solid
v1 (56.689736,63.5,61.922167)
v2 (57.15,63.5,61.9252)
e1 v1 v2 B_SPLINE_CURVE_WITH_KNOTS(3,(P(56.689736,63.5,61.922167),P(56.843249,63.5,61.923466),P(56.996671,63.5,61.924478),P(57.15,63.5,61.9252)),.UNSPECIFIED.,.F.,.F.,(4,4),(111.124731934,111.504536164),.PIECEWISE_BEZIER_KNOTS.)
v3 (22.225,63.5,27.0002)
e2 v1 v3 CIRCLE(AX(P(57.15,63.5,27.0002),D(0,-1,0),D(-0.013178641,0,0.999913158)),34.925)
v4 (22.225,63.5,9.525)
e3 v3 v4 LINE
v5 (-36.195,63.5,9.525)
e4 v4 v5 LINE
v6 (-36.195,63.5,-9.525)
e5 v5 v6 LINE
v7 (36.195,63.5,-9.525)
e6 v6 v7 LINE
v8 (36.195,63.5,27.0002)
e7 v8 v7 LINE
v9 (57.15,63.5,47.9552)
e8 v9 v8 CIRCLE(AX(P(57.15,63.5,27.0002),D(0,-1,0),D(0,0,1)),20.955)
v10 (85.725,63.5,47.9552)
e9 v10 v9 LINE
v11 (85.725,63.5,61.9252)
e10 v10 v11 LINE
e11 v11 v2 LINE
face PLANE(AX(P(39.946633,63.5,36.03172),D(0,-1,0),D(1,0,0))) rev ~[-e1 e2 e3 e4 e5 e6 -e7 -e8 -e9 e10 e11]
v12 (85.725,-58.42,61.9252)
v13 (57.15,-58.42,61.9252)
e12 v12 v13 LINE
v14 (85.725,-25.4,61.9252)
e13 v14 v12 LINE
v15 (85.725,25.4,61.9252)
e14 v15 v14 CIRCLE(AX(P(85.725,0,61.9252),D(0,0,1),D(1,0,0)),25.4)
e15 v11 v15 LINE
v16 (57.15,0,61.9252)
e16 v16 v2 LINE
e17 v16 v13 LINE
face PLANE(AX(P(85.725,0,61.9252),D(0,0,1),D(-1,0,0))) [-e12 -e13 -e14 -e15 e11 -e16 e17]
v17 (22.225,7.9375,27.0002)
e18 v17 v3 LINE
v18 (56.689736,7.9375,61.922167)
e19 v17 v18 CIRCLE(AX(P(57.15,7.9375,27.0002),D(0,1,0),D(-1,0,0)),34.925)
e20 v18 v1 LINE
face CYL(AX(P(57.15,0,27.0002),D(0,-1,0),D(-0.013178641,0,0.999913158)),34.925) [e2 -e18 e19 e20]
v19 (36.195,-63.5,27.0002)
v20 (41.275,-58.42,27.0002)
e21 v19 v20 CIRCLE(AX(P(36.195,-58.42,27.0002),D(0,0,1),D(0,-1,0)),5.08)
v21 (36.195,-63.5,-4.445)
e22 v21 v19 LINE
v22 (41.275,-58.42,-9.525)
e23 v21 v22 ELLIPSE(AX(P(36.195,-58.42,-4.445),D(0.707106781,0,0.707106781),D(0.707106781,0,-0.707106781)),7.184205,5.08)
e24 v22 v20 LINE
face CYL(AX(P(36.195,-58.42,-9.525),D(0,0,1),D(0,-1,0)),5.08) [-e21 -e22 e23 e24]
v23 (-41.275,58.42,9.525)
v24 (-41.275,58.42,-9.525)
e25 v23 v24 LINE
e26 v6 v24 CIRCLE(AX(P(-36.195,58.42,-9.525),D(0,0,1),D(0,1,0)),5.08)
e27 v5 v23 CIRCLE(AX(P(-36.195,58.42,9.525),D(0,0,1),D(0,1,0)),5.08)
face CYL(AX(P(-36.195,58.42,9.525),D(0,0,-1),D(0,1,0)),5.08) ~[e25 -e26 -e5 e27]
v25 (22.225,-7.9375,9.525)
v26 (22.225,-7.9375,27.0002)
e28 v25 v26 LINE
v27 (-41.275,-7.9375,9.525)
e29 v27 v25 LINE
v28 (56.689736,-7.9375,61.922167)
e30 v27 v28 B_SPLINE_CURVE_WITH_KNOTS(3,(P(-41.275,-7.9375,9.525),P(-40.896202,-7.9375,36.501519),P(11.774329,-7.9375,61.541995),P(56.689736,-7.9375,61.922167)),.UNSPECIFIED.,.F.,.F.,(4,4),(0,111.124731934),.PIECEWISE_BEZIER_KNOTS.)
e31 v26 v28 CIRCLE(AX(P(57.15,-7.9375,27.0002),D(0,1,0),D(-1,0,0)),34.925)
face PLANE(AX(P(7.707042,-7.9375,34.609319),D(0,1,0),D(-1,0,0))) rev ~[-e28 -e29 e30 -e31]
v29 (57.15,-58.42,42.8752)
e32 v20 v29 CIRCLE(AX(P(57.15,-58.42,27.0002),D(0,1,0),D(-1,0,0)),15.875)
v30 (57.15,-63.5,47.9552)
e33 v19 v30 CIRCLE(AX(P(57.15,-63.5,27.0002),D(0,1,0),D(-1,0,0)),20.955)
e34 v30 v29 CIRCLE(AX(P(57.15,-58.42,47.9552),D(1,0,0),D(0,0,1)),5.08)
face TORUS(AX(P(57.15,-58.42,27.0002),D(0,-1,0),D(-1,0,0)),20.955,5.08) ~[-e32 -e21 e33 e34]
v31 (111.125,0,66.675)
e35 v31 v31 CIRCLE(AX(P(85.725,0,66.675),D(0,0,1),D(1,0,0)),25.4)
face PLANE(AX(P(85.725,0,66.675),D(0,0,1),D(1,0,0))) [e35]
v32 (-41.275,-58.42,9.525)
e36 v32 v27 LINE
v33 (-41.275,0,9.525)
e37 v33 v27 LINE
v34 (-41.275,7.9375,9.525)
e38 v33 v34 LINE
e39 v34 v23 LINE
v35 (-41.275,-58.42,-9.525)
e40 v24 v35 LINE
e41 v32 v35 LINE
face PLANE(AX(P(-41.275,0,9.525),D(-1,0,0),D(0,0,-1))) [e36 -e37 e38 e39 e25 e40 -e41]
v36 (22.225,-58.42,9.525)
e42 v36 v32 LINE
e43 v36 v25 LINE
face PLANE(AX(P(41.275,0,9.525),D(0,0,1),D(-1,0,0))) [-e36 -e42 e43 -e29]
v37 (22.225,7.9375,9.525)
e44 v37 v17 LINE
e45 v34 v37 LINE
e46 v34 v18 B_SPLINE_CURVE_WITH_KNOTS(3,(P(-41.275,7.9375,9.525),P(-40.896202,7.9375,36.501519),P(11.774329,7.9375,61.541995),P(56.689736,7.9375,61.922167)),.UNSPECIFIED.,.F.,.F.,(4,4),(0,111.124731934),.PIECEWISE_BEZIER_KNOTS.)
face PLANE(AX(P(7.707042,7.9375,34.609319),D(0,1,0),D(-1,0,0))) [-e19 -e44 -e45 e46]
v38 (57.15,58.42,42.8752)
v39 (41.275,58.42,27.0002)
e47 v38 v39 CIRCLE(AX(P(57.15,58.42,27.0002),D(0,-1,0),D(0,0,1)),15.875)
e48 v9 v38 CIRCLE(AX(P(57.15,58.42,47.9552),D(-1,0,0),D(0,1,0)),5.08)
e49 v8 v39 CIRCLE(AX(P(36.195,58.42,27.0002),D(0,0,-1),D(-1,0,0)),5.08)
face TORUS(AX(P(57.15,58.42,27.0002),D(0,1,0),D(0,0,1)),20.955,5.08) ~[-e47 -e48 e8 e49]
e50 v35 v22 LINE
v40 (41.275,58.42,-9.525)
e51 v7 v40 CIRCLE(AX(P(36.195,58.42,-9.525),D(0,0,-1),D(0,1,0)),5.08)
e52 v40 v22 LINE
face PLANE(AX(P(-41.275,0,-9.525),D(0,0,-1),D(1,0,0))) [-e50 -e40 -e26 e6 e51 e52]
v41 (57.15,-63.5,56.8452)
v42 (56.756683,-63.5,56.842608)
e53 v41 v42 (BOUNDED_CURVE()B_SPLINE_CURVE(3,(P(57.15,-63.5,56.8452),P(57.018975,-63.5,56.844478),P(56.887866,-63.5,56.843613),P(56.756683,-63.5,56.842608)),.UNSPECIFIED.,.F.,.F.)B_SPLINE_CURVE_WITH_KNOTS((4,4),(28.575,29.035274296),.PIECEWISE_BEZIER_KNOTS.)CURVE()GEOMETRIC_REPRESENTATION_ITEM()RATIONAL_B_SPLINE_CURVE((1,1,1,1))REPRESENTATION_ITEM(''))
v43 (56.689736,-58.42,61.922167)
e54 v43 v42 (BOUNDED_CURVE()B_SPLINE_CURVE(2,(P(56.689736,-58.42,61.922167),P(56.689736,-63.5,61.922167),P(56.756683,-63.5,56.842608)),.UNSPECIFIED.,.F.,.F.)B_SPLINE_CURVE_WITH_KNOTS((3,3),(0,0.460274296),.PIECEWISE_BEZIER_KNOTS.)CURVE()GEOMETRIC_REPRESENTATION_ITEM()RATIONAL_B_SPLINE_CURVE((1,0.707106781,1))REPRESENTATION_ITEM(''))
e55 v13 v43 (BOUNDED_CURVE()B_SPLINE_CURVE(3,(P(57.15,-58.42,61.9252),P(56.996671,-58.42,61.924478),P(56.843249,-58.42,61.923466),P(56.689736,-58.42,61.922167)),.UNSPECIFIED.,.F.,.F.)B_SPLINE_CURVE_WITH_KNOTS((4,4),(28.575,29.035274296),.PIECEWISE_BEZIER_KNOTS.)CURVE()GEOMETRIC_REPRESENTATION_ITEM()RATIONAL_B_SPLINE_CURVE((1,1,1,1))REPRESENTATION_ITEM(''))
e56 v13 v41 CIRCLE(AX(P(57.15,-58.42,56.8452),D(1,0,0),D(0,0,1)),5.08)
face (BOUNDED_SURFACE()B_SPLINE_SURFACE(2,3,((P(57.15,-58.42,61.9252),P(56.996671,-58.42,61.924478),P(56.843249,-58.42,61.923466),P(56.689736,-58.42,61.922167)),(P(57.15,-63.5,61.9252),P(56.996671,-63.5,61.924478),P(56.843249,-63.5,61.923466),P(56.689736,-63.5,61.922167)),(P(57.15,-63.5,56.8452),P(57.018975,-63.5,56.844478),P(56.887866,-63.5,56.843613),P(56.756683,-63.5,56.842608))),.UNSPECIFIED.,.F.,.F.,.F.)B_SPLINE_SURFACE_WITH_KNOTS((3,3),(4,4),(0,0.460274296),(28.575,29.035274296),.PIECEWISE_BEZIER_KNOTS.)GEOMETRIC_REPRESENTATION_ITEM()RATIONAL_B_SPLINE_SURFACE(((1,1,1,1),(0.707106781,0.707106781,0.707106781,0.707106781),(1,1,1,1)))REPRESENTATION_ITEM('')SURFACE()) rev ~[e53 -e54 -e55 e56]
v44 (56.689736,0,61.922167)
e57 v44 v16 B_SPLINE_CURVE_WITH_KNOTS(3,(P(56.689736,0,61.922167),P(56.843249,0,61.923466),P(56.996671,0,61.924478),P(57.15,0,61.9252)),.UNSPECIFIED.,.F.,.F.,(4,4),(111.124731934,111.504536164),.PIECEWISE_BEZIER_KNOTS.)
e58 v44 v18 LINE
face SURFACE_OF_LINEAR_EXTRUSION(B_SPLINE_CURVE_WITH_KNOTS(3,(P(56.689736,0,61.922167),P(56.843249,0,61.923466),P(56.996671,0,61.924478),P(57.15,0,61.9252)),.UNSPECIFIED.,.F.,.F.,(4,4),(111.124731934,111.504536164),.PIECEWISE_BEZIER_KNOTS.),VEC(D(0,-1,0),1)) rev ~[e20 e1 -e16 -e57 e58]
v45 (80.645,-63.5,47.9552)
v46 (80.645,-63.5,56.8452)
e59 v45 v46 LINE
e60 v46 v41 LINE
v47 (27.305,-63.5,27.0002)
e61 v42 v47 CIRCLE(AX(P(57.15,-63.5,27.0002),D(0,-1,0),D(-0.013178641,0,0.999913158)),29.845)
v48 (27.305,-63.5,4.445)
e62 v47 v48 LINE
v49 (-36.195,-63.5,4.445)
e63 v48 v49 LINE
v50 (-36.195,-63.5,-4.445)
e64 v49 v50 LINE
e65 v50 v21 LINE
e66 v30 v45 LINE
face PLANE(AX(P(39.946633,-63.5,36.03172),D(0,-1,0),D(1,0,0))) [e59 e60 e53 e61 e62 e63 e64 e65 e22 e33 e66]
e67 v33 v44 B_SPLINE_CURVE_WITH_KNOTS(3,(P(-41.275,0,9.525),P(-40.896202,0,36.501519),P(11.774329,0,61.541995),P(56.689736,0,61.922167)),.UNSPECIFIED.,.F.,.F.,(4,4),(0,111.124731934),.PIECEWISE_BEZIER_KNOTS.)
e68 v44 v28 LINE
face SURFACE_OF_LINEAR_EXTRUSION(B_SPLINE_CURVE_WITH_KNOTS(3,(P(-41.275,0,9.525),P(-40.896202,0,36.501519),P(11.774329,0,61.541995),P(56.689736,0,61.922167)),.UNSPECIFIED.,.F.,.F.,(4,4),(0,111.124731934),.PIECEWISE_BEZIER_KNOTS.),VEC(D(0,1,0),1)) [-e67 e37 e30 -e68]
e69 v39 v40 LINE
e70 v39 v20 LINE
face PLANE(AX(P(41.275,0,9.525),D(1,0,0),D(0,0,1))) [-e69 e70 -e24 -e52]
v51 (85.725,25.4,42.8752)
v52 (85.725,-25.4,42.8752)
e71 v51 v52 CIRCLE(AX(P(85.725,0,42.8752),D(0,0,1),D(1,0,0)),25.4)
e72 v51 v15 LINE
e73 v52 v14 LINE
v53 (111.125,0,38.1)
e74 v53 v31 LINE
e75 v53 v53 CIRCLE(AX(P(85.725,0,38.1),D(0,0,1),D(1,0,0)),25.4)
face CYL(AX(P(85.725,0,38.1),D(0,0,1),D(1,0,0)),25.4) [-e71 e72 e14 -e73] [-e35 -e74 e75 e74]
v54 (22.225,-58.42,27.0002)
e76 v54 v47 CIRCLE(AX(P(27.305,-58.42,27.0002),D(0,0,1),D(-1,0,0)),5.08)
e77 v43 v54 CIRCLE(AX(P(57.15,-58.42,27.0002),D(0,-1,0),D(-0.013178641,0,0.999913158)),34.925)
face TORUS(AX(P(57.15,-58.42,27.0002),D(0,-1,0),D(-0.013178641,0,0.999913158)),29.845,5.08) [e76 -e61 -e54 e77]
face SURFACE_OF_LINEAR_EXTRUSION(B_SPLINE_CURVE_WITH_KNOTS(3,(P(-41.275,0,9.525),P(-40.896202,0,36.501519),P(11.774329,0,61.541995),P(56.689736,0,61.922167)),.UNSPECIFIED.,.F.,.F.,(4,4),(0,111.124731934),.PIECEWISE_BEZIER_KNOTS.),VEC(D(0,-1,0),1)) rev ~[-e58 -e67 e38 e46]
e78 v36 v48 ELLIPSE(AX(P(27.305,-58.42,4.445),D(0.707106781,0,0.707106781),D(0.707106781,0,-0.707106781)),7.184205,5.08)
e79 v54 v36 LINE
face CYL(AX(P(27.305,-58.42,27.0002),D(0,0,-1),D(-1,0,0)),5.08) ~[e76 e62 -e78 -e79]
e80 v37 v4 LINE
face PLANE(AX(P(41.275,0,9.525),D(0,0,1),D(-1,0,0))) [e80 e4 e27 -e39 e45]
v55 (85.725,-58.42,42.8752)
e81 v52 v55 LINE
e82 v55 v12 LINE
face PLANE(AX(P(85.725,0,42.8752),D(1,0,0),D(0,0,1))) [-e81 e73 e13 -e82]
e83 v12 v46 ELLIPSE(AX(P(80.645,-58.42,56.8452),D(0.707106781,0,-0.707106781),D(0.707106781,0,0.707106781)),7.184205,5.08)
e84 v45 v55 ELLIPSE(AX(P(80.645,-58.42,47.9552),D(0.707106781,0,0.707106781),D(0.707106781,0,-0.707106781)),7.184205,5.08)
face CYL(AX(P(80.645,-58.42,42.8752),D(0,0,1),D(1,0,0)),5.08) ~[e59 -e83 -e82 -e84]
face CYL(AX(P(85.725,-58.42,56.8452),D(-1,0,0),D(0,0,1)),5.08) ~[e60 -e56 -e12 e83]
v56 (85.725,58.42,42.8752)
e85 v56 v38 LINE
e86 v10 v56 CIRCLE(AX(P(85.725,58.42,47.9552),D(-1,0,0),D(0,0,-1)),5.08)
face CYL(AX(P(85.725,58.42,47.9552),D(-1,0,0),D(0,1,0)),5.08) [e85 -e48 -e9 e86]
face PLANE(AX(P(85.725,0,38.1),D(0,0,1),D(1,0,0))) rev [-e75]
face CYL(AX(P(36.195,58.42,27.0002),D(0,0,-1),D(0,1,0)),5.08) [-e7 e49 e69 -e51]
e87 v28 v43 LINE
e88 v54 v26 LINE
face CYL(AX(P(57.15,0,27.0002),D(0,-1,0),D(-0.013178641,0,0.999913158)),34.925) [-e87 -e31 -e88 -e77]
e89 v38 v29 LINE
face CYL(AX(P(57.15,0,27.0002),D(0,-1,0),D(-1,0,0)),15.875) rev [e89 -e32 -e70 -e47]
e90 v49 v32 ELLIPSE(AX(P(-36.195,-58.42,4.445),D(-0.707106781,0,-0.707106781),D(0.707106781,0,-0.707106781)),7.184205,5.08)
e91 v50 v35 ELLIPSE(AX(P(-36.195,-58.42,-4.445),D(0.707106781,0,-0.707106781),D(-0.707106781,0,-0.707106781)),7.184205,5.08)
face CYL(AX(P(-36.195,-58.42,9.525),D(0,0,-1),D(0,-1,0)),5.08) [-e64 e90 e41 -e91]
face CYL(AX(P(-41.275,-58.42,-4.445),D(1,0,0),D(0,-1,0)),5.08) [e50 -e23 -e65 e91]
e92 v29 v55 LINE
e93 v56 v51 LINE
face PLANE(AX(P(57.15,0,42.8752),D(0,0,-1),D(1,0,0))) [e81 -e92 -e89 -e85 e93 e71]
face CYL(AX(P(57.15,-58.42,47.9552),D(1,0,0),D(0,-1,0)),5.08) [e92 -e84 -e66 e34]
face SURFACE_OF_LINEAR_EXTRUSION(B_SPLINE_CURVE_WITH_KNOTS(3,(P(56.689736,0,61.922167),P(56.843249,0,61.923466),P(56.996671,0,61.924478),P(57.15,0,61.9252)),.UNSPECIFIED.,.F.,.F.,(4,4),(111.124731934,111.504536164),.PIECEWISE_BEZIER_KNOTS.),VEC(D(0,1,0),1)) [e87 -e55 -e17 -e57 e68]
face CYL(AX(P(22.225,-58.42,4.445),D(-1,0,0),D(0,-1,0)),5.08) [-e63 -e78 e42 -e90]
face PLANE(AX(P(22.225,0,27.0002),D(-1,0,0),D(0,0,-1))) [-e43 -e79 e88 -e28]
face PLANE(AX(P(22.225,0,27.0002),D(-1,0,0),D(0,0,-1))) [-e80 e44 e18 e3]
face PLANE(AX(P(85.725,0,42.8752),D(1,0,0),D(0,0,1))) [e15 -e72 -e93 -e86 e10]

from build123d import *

# Parameters (mm, degrees)
F1_DEPTH = 63.5
F0_W     = 25.4
F0_H     = 19.05
F2_DEPTH = 63.5
F3_DEPTH = 7.9375
F5_R     = 5.08


with BuildPart() as f1:
    # F0 (on Front) → F1 (new body, symmetric)
    with BuildSketch(Plane.XZ):
        Polygon((-41.275, 9.525), (-41.275, -9.525), (41.275, -9.525), (41.275, 9.525), (22.225, 9.525), align=None)
    extrude(amount=F1_DEPTH, both=True)

    # F0 (on Front) → F2 (join, symmetric)
    with BuildSketch(Plane.XZ):
        with BuildLine():
            Line((22.225, 9.525), (41.275, 9.525))
            Line((41.275, 9.525), (41.275, 27.0002))
            ThreePointArc((41.275, 27.0002), (45.9246798487, 38.2255201513), (57.15, 42.8752))
            Line((57.15, 42.8752), (60.325, 42.8752))
            Line((60.325, 42.8752), (60.325, 61.9252))
            Line((60.325, 61.9252), (57.15, 61.9252))
            add(Edge.make_bspline(
                [(56.6897359672, 61.9221670411), (56.8432487019, 61.9234663989), (56.9966708454, 61.9244776876), (57.15, 61.9252)],
                knots=[111.1247319335, 111.1247319335, 111.1247319335, 111.1247319335, 111.5045361635, 111.5045361635, 111.5045361635, 111.5045361635], degree=3))
            ThreePointArc((56.6897359672, 61.9221670411), (32.2921003869, 51.5326367283), (22.225, 27.0002))
            Line((22.225, 27.0002), (22.225, 9.525))
        make_face()
        with Locations((73.025, 52.4002)):
            Rectangle(F0_W, F0_H)
    extrude(amount=F2_DEPTH, both=True)

    # F0 (on Front) → F3 (join, symmetric)
    with BuildSketch(Plane.XZ):
        with BuildLine():
            add(Edge.make_bspline(
                [(-41.275, 9.525), (-40.8962016322, 36.5015194538), (11.7743291488, 61.5419954401), (56.6897359672, 61.9221670411)],
                knots=[0, 0, 0, 0, 111.1247319335, 111.1247319335, 111.1247319335, 111.1247319335], degree=3))
            Line((-41.275, 9.525), (22.225, 9.525))
            Line((22.225, 9.525), (22.225, 27.0002))
            ThreePointArc((22.225, 27.0002), (32.2921003869, 51.5326367283), (56.6897359672, 61.9221670411))
        make_face()
    extrude(amount=F3_DEPTH, both=True)

    # F0 (on Front) → F4 (revolve)
    with BuildSketch(Plane.XZ):
        Polygon((85.725, 66.675), (85.725, 61.9252), (85.725, 42.8752), (85.725, 38.1), (111.125, 38.1), (111.125, 66.675), align=None)
    revolve(axis=Axis((85.725, 0, 52.3875), (0, 0, 1)))

    # F5
    f5_edges = [f1.edges().sort_by_distance(p)[0] for p in [
        (-41.275, -63.5, 0),
        (0, -63.5, -9.525),
        (41.275, -63.5, 8.7376),
        (45.92468, -63.5, 38.22552),
        (71.4375, -63.5, 42.8752),
        (85.725, -63.5, 52.4002),
        (71.4375, -63.5, 61.9252),
        (56.919867, -63.5, 61.923899),
        (32.2921, -63.5, 51.532637),
        (22.225, -63.5, 18.2626),
        (-9.525, -63.5, 9.525),
        (41.275, 63.5, 8.7376),
        (-41.275, 63.5, 0),
    ]]
    fillet(f5_edges, radius=F5_R)


solid = f1.part
